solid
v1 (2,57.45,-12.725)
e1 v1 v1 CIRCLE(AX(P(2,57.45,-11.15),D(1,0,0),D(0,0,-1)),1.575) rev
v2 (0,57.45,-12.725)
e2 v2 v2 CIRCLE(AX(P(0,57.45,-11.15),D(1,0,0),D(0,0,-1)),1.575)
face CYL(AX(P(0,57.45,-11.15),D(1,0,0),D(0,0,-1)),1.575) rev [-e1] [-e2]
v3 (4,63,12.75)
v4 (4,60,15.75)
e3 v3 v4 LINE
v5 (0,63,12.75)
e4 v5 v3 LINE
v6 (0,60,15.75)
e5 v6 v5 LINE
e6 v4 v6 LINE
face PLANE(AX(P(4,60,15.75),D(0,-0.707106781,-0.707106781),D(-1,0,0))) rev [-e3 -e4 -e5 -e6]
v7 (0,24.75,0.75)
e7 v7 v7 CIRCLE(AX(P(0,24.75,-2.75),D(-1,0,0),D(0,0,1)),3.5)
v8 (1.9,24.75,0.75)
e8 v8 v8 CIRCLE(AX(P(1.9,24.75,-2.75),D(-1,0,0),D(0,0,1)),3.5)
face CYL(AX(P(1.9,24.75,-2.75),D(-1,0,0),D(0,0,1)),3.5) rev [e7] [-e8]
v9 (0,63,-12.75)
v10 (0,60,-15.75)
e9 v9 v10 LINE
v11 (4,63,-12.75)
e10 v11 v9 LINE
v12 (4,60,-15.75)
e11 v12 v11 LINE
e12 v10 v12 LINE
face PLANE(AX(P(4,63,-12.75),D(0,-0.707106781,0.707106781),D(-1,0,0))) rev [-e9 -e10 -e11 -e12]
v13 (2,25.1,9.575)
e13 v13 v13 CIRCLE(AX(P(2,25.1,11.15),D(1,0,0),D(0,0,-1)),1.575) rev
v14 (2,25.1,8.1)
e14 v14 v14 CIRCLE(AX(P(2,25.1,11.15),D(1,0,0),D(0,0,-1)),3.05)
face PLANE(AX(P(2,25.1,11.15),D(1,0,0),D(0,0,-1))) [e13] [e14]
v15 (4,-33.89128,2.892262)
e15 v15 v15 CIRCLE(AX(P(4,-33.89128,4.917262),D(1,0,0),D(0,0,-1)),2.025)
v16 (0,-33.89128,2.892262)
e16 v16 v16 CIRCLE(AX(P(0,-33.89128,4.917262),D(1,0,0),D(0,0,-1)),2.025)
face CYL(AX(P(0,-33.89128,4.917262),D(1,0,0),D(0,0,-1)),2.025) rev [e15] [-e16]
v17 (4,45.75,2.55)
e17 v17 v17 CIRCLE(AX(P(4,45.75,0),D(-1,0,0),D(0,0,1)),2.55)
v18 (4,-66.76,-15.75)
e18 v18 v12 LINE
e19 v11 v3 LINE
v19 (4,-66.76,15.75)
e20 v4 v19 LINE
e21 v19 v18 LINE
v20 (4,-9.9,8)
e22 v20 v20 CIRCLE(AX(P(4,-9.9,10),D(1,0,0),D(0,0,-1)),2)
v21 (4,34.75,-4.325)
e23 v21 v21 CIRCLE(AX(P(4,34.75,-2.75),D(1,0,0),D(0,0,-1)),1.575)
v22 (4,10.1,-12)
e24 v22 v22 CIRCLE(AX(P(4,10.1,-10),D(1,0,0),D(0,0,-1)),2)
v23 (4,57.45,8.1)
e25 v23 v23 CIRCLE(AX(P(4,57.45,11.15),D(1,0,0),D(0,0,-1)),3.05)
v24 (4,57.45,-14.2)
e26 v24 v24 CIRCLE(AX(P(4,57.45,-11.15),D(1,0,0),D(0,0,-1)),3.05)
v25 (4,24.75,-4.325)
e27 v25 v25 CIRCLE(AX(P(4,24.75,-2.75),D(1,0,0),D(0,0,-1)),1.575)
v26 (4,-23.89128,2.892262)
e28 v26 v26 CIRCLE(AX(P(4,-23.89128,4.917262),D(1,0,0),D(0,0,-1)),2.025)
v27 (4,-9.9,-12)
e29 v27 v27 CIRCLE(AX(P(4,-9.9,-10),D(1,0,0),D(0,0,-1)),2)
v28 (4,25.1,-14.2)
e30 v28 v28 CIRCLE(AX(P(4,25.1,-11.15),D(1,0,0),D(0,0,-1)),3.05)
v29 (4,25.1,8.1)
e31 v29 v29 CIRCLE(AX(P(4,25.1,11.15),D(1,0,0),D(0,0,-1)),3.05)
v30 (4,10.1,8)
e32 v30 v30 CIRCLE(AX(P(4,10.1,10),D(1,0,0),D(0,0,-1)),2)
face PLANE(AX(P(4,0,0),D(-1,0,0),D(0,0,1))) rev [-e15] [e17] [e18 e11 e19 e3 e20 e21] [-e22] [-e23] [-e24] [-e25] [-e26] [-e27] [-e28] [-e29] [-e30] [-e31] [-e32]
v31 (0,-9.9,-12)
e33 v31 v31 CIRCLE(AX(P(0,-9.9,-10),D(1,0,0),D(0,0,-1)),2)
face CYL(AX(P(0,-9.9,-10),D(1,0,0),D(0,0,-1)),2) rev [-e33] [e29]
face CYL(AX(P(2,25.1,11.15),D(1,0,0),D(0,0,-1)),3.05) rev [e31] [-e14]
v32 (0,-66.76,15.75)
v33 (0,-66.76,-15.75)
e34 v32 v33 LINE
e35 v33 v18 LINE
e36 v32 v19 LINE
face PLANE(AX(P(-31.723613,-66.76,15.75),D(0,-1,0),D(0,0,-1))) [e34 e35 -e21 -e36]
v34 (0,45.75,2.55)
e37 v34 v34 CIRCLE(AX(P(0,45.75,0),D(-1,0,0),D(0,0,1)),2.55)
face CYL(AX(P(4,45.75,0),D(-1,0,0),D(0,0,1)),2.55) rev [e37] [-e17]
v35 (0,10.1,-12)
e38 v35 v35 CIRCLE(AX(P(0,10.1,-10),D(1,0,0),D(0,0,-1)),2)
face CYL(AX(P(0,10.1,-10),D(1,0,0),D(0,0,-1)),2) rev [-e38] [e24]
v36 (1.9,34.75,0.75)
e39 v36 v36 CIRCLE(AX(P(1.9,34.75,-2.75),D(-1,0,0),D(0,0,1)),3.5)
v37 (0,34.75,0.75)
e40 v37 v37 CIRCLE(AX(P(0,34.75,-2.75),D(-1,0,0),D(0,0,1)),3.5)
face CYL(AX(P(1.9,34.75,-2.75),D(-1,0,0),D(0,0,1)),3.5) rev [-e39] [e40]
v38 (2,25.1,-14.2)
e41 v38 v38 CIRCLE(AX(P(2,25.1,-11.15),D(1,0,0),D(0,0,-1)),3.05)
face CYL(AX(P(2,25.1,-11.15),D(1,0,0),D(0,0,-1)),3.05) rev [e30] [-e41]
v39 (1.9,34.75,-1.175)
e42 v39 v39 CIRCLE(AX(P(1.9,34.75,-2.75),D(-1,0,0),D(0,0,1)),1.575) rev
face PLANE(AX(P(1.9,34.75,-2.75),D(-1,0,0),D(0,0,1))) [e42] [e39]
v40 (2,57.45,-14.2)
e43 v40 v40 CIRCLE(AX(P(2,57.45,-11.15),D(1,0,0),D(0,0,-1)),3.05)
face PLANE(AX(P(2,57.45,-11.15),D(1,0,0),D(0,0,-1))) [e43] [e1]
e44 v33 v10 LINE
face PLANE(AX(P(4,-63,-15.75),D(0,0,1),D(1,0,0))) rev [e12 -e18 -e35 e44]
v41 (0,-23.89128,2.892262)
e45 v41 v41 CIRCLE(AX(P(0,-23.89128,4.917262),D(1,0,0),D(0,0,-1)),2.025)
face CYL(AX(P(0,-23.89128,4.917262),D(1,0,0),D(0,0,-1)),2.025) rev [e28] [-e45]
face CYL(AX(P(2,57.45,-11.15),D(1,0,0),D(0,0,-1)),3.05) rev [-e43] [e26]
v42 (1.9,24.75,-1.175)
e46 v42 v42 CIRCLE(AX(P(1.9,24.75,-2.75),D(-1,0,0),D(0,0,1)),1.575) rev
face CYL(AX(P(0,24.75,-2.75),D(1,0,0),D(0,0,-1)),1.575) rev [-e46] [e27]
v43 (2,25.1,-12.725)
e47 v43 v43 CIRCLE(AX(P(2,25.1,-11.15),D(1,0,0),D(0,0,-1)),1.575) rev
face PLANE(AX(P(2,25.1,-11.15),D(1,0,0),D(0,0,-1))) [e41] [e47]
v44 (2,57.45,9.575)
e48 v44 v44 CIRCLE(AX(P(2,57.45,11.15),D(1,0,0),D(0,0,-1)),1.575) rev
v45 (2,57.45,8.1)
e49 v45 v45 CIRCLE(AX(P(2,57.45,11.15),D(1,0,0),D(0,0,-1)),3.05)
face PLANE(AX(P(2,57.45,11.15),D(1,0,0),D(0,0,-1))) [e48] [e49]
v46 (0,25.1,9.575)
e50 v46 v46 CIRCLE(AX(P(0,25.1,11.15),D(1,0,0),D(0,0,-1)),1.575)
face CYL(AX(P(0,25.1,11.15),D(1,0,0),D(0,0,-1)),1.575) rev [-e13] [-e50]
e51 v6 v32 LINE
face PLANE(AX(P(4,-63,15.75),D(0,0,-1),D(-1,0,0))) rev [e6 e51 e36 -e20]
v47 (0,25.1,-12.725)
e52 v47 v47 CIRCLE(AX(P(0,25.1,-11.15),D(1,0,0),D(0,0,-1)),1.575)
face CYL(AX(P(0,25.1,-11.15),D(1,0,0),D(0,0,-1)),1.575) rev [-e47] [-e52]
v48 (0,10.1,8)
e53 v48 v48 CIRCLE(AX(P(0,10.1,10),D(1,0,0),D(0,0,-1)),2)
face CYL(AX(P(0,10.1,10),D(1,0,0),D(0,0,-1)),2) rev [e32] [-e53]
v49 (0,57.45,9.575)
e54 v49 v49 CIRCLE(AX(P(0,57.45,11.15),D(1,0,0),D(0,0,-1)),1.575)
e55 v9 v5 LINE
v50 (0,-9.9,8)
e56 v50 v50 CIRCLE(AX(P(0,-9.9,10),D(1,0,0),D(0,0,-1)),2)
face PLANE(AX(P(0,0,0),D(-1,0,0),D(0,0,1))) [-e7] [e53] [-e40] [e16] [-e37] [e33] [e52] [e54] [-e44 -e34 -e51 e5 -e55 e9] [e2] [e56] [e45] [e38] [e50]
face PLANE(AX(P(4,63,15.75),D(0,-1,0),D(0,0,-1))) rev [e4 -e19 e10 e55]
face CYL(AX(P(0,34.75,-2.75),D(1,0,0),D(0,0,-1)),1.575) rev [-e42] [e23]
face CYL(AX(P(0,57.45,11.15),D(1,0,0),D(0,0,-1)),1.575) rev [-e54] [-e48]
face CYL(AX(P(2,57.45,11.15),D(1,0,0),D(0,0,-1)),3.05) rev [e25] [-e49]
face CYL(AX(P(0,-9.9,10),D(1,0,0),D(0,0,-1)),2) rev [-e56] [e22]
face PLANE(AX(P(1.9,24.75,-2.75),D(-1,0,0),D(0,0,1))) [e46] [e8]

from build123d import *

# Parameters (mm, degrees)
CROQUIS1_W              = 31.5
CROQUIS1_H              = 126
SALIENTE_EXTRUIR1_DEPTH = 4
CROQUIS3_R              = 2
CORTAR_EXTRUIR2_DEPTH   = 5
CROQUIS8_R              = 2.55
CORTAR_EXTRUIR3_DEPTH   = 5
CROQUIS11_R             = 1.575
CORTAR_EXTRUIR8_DEPTH   = 5
CROQUIS15_R             = 1.575
CORTAR_EXTRUIR11_DEPTH  = 5
CHAFL_N2_SIZE           = 3
CROQUIS19_R             = 3.5
CORTAR_EXTRUIR13_DEPTH  = 1.9
CROQUIS20_R             = 3.05
CORTAR_EXTRUIR14_DEPTH  = 2
CROQUIS24_W             = 31.5
CROQUIS24_H             = 3.76
SALIENTE_EXTRUIR3_DEPTH = 4
CROQUIS25_R             = 2.025
CORTAR_EXTRUIR15_DEPTH  = 5


with BuildPart() as part:
    # Croquis1 → Saliente-Extruir1 (new body)
    with BuildSketch(Plane(origin=(0, 0, 0), x_dir=(0, 0, -1), z_dir=(1, 0, 0))):
        Rectangle(CROQUIS1_W, CROQUIS1_H)
    extrude(amount=SALIENTE_EXTRUIR1_DEPTH)

    # Croquis3 → Cortar-Extruir2 (cut, through all)
    with BuildSketch(Plane(origin=(4, 0, 0), x_dir=(0, 0, -1), z_dir=(1, 0, 0))):
        with Locations((-10, 10.1)):
            Circle(CROQUIS3_R)
        with Locations((10, 10.1)):
            Circle(CROQUIS3_R)
        with Locations((-10, -9.9)):
            Circle(CROQUIS3_R)
        with Locations((10, -9.9)):
            Circle(CROQUIS3_R)
    extrude(amount=-CORTAR_EXTRUIR2_DEPTH, mode=Mode.SUBTRACT)

    # Croquis8 → Cortar-Extruir3 (cut, through all)
    with BuildSketch(Plane.ZY):
        with Locations((0, 45.75)):
            Circle(CROQUIS8_R)
    extrude(amount=-CORTAR_EXTRUIR3_DEPTH, mode=Mode.SUBTRACT)

    # Croquis11 → Cortar-Extruir8 (cut, through all)
    with BuildSketch(Plane(origin=(4, 0, 0), x_dir=(0, 0, -1), z_dir=(1, 0, 0))):
        with Locations((2.75, 34.75)):
            Circle(CROQUIS11_R)
        with Locations((2.75, 24.75)):
            Circle(CROQUIS11_R)
    extrude(amount=-CORTAR_EXTRUIR8_DEPTH, mode=Mode.SUBTRACT)

    # Croquis15 → Cortar-Extruir11 (cut, through all)
    with BuildSketch(Plane(origin=(4, 0, 0), x_dir=(0, 0, -1), z_dir=(1, 0, 0))):
        with Locations((-11.15, 57.45)):
            Circle(CROQUIS15_R)
        with Locations((11.15, 57.45)):
            Circle(CROQUIS15_R)
        with Locations((-11.15, 25.1)):
            Circle(CROQUIS15_R)
        with Locations((11.15, 25.1)):
            Circle(CROQUIS15_R)
    extrude(amount=-CORTAR_EXTRUIR11_DEPTH, mode=Mode.SUBTRACT)

    # Chaflán2
    chafl_n2_edges = [part.edges().sort_by_distance(p)[0] for p in [
        (2, 63, 15.75),
        (2, 63, -15.75),
    ]]
    chamfer(chafl_n2_edges, length=CHAFL_N2_SIZE)

    # Croquis19 → Cortar-Extruir13 (cut)
    with BuildSketch(Plane.ZY):
        with Locations((-2.75, 24.75)):
            Circle(CROQUIS19_R)
        with Locations((-2.75, 34.75)):
            Circle(CROQUIS19_R)
    extrude(amount=-CORTAR_EXTRUIR13_DEPTH, mode=Mode.SUBTRACT)

    # Croquis20 → Cortar-Extruir14 (cut)
    with BuildSketch(Plane(origin=(4, 0, 0), x_dir=(0, 0, -1), z_dir=(1, 0, 0))):
        with Locations((-11.15, 57.45)):
            Circle(CROQUIS20_R)
        with Locations((11.15, 57.45)):
            Circle(CROQUIS20_R)
        with Locations((11.15, 25.1)):
            Circle(CROQUIS20_R)
        with Locations((-11.15, 25.1)):
            Circle(CROQUIS20_R)
    extrude(amount=-CORTAR_EXTRUIR14_DEPTH, mode=Mode.SUBTRACT)

    # Croquis24 → Saliente-Extruir3 (add)
    with BuildSketch(Plane(origin=(4, 0, 0), x_dir=(0, 0, -1), z_dir=(1, 0, 0))):
        with Locations((0, -64.88)):
            Rectangle(CROQUIS24_W, CROQUIS24_H)
    extrude(amount=-SALIENTE_EXTRUIR3_DEPTH)

    # Croquis25 → Cortar-Extruir15 (cut, through all)
    with BuildSketch(Plane(origin=(4, 0, 0), x_dir=(0, 0, -1), z_dir=(1, 0, 0))):
        with Locations((-4.91726189, -23.891280092)):
            Circle(CROQUIS25_R)
        with Locations((-4.91726189, -33.891280092)):
            Circle(CROQUIS25_R)
    extrude(amount=-CORTAR_EXTRUIR15_DEPTH, mode=Mode.SUBTRACT)


solid = part.part
